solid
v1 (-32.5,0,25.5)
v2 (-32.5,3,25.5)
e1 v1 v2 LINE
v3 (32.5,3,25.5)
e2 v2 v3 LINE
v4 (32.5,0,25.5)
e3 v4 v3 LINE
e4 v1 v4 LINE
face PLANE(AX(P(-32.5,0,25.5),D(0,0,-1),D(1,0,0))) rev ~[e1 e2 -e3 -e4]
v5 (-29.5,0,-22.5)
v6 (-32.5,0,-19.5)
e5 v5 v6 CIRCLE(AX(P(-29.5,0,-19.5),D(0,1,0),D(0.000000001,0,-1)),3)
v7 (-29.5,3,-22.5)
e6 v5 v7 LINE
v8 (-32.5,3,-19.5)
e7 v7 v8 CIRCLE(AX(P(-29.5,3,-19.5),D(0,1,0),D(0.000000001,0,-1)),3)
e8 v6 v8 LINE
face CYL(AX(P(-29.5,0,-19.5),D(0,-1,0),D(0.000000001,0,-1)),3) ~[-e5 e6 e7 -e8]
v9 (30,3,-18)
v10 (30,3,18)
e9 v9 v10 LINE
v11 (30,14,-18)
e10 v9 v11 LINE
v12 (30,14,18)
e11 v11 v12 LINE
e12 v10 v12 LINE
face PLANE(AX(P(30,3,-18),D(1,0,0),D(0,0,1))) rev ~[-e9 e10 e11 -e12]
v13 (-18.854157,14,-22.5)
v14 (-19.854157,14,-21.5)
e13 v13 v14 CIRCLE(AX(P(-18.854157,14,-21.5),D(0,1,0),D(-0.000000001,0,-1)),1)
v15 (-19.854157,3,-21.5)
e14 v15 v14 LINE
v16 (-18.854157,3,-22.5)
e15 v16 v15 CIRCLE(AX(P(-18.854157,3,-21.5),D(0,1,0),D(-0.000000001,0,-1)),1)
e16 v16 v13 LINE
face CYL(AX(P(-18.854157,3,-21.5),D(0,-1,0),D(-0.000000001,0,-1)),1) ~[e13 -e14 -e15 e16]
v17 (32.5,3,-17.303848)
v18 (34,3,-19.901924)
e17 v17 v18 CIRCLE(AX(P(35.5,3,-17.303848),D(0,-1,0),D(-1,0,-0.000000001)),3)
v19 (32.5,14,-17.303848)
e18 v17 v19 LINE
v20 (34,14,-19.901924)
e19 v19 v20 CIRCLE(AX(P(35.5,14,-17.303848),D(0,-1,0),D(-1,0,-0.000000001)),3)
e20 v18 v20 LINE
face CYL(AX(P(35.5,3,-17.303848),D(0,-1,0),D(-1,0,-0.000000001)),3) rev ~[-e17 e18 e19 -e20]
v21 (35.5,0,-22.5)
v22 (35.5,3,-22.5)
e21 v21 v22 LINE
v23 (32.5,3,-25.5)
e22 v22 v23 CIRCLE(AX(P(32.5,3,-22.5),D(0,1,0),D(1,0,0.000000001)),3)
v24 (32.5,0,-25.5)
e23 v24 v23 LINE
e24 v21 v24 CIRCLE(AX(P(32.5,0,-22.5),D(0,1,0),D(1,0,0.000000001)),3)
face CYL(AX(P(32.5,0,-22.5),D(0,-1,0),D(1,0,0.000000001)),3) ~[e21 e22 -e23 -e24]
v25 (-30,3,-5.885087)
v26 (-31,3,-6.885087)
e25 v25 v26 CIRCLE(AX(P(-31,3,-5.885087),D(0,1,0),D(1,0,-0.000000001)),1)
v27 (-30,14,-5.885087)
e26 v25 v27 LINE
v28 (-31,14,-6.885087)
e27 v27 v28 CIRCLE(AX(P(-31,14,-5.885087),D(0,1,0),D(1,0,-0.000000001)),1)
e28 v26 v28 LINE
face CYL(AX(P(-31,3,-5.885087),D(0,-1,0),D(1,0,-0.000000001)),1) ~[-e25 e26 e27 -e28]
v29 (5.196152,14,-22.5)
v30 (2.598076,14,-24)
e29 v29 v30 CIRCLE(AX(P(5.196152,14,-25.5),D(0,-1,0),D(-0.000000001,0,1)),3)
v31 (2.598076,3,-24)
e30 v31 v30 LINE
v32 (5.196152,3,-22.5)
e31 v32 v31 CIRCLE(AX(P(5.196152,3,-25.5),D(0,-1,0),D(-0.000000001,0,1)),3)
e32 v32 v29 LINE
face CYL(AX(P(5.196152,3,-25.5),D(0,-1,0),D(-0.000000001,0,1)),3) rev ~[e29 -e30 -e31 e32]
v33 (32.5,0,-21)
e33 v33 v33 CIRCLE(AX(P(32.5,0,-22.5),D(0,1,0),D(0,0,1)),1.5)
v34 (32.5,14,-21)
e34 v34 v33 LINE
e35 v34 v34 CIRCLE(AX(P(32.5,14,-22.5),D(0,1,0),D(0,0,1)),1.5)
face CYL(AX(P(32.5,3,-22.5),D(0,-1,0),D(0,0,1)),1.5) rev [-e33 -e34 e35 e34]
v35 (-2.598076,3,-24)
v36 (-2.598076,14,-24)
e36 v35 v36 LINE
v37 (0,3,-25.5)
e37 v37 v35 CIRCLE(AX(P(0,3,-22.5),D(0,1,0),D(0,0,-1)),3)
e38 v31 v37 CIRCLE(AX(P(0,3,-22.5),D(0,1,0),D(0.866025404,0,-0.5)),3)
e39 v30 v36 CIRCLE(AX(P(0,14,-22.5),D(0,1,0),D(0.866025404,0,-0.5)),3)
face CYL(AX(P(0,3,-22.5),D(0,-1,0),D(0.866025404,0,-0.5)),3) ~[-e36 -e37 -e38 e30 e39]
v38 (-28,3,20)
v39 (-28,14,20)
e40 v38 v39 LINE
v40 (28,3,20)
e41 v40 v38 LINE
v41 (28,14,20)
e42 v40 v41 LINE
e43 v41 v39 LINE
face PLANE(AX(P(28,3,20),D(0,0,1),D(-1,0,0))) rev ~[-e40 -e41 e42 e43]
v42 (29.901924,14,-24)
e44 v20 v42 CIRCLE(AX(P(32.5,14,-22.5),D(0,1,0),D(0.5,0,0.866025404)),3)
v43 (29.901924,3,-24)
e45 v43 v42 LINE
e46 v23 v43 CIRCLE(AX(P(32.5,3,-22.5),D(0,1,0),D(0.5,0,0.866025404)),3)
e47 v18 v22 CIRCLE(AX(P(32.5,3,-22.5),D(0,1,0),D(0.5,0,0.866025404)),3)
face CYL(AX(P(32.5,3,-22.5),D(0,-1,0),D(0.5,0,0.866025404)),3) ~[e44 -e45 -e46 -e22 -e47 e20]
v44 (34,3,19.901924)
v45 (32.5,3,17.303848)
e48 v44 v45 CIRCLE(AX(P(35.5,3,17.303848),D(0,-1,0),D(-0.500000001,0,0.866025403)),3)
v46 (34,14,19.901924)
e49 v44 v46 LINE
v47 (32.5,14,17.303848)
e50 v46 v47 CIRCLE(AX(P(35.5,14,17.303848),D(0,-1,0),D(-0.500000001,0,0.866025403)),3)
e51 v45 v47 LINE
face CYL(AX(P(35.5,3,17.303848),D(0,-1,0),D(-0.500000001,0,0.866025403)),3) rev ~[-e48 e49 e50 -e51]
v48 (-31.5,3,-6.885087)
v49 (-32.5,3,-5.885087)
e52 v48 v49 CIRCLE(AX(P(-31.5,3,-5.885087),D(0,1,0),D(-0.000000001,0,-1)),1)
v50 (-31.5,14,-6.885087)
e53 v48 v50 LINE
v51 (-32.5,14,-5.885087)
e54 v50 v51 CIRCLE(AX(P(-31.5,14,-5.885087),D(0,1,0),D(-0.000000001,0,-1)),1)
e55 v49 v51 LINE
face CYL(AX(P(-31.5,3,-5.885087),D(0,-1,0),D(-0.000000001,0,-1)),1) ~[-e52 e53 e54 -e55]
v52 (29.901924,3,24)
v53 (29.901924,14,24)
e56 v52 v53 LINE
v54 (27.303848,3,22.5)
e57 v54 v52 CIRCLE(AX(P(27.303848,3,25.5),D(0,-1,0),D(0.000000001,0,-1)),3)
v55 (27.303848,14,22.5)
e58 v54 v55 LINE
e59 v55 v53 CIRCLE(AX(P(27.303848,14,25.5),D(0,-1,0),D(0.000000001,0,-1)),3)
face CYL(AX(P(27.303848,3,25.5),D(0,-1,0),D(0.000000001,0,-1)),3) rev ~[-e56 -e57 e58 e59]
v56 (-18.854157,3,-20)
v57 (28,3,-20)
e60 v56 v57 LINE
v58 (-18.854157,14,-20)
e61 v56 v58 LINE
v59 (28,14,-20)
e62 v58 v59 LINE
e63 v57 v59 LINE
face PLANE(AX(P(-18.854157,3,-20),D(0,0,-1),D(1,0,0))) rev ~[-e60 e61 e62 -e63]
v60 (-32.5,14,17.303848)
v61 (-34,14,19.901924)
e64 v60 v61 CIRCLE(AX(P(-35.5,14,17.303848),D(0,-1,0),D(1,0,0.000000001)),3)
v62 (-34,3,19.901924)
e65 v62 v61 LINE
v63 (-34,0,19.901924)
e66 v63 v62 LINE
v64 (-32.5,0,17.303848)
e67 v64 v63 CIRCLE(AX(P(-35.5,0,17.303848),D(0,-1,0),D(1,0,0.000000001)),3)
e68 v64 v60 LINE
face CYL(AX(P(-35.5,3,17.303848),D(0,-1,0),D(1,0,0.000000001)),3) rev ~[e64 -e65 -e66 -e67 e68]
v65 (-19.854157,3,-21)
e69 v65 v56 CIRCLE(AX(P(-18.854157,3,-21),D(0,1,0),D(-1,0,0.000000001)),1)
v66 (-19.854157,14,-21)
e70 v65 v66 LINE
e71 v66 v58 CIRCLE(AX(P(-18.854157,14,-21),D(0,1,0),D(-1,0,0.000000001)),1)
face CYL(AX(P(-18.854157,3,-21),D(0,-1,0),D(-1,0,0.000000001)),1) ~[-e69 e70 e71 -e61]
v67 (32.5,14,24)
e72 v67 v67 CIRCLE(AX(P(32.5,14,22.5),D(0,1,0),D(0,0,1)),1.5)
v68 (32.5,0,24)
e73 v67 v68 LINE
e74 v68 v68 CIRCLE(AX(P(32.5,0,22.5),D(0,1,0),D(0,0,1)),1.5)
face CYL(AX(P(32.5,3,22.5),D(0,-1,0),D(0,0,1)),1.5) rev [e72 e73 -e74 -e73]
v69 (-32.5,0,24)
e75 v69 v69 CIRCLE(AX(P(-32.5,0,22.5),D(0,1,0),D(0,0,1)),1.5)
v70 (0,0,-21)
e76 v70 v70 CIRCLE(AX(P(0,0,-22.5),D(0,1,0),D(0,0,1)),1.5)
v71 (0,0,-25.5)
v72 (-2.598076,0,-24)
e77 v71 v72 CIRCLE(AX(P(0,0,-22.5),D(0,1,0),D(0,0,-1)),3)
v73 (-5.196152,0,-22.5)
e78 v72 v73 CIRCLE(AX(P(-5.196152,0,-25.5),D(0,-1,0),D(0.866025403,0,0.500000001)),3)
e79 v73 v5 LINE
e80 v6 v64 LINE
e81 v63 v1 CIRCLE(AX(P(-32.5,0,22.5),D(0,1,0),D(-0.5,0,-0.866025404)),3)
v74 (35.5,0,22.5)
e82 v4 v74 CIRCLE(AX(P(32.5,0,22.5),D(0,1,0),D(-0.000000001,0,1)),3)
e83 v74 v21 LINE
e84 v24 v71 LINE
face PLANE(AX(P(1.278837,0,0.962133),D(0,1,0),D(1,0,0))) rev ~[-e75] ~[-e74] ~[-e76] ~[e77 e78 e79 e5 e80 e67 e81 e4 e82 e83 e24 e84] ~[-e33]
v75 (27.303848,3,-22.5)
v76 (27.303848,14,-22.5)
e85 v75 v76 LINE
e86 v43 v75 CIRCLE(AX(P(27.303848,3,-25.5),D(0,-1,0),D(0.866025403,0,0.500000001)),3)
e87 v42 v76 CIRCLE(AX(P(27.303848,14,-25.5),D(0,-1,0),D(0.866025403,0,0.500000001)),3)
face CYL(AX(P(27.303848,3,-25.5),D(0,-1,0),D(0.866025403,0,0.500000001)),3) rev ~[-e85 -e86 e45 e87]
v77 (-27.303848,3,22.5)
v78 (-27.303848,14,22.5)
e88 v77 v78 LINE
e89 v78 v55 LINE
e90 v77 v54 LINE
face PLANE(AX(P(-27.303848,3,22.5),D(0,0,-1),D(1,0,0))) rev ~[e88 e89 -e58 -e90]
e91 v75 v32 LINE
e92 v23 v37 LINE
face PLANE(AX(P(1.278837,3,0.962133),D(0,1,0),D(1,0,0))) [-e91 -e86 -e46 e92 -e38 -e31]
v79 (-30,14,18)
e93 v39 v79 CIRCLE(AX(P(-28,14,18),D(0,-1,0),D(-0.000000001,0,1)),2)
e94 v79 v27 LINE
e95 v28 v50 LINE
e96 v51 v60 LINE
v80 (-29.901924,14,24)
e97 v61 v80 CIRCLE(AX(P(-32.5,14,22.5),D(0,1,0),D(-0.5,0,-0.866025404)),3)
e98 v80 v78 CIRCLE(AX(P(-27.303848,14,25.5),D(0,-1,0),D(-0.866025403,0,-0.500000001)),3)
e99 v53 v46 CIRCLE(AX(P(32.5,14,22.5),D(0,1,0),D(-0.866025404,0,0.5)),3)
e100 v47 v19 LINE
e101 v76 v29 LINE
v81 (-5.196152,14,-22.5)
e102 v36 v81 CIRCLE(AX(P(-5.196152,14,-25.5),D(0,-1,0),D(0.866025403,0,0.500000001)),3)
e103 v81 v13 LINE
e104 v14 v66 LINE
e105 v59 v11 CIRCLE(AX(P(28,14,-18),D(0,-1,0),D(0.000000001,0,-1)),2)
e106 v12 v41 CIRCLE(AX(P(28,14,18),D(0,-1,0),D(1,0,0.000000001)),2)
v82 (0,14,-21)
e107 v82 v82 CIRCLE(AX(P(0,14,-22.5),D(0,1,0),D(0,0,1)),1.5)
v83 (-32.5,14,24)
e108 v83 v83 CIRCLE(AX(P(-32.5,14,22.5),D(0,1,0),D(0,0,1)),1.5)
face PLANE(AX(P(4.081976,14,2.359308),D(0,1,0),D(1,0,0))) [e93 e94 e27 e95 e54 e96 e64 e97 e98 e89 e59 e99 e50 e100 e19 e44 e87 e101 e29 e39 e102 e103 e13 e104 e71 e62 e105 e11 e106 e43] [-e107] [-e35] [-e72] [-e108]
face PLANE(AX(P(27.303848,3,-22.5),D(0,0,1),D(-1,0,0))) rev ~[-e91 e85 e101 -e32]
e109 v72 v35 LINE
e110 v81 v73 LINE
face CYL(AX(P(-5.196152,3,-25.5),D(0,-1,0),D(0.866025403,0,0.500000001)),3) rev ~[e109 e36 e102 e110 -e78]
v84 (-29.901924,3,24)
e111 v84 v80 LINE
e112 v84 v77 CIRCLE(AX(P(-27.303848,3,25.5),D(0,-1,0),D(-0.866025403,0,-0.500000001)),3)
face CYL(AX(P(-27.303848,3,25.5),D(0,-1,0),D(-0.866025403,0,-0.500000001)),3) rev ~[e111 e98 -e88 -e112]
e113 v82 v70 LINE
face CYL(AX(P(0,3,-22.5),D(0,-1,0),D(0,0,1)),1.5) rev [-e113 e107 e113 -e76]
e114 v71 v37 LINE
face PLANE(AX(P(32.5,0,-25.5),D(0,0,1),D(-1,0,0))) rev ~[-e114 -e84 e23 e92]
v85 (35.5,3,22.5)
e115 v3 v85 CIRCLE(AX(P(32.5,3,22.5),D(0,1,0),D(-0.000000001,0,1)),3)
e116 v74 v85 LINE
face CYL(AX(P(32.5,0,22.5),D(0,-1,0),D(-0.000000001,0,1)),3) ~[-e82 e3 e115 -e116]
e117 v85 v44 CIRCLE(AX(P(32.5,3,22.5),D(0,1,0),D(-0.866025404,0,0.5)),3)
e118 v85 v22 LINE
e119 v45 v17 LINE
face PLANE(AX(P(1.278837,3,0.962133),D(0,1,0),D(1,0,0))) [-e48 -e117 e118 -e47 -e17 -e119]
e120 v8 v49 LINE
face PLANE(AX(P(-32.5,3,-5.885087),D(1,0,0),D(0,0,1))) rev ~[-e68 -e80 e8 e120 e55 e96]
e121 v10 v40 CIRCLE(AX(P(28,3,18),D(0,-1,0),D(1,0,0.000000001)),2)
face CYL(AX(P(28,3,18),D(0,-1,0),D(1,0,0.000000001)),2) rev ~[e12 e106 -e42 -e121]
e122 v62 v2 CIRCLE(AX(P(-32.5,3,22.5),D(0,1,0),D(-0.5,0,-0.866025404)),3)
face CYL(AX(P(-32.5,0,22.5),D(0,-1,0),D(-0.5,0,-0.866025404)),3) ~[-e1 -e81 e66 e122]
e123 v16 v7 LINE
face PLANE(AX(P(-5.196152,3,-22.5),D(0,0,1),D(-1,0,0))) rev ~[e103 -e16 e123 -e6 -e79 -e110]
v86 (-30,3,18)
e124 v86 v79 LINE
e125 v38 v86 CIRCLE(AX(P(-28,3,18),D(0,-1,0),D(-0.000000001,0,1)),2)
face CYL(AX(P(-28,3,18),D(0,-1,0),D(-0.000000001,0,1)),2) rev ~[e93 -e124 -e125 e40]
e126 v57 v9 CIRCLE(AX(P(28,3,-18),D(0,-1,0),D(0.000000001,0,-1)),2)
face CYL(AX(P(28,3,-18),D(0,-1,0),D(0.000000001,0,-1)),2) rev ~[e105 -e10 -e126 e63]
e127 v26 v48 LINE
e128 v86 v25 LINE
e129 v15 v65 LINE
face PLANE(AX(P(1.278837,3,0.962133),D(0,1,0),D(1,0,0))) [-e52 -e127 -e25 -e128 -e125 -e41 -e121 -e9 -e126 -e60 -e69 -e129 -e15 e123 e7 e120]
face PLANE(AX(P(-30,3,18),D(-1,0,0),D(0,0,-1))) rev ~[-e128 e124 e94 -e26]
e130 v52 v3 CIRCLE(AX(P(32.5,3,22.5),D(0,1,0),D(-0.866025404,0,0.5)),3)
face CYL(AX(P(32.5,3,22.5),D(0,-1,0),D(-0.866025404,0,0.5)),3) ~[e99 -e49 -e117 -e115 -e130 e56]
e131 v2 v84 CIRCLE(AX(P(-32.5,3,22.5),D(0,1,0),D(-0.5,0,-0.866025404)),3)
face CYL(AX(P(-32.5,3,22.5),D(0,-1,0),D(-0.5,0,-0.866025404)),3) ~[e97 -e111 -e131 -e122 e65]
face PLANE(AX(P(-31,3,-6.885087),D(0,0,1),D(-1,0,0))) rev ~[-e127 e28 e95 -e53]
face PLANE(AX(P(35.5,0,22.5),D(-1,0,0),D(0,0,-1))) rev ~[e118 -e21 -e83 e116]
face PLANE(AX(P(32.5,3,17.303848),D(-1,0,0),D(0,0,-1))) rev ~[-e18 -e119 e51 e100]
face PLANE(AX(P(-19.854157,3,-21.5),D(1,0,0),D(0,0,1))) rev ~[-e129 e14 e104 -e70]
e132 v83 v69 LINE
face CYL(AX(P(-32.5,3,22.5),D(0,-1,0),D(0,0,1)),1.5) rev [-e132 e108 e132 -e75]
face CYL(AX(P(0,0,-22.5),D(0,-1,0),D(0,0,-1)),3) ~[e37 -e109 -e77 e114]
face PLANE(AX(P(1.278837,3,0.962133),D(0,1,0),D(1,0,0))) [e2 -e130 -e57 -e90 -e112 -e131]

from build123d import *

# Parameters (mm, degrees)
SKETCH5_R           = 1.5
BOSS_EXTRUDE2_DEPTH = 3
SKETCH6_R           = 1.5
BOSS_EXTRUDE3_DEPTH = 11


with BuildPart() as part:
    # Sketch5 → Boss-Extrude2 (new body)
    with BuildSketch(Plane(origin=(0, 0, 0), x_dir=(1, 0, 0), z_dir=(0, 1, 0))):
        with BuildLine():
            Line((-5.196152423, 22.5), (-29.5, 22.5))
            ThreePointArc((-29.5, 22.5), (-31.621320344, 21.621320344), (-32.5, 19.5))
            Line((-32.5, 19.5), (-32.5, -17.303847577))
            ThreePointArc((-32.5, -17.303847577), (-32.901923789, -18.803847577), (-34, -19.901923789))
            ThreePointArc((-34, -19.901923789), (-35.397777479, -23.276457135), (-32.5, -25.5))
            Line((-32.5, -25.5), (32.5, -25.5))
            ThreePointArc((32.5, -25.5), (34.621320344, -24.621320344), (35.5, -22.5))
            Line((35.5, -22.5), (35.5, 22.5))
            ThreePointArc((35.5, 22.5), (34.621320344, 24.621320344), (32.5, 25.5))
            Line((32.5, 25.5), (0, 25.5))
            ThreePointArc((0, 25.5), (-1.5, 25.098076211), (-2.598076211, 24))
            ThreePointArc((-2.598076211, 24), (-3.696152423, 22.901923789), (-5.196152423, 22.5))
        make_face()
        with Locations(Location((0, 22.5, 0), (0, 0, 270))):
            Circle(SKETCH5_R, mode=Mode.SUBTRACT)
        with Locations(Location((32.5, 22.5, 0), (0, 0, 270))):
            Circle(SKETCH5_R, mode=Mode.SUBTRACT)
        with Locations(Location((32.5, -22.5, 0), (0, 0, 270))):
            Circle(SKETCH5_R, mode=Mode.SUBTRACT)
        with Locations(Location((-32.5, -22.5, 0), (0, 0, 270))):
            Circle(SKETCH5_R, mode=Mode.SUBTRACT)
    extrude(amount=BOSS_EXTRUDE2_DEPTH)

    # Sketch6 → Boss-Extrude3 (add)
    with BuildSketch(Plane(origin=(0, 3, 0), x_dir=(1, 0, 0), z_dir=(0, 1, 0))):
        with BuildLine():
            Line((-32.5, 5.885087138), (-32.5, -17.303847577))
            ThreePointArc((-32.5, -17.303847577), (-32.901923789, -18.803847577), (-34, -19.901923789))
            ThreePointArc((-34, -19.901923789), (-34.621320344, -24.621320344), (-29.901923789, -24))
            ThreePointArc((-29.901923789, -24), (-28.803847577, -22.901923789), (-27.303847577, -22.5))
            Line((-27.303847577, -22.5), (27.303847577, -22.5))
            ThreePointArc((27.303847577, -22.5), (28.803847577, -22.901923789), (29.901923789, -24))
            ThreePointArc((29.901923789, -24), (34.621320344, -24.621320344), (34, -19.901923789))
            ThreePointArc((34, -19.901923789), (32.901923789, -18.803847577), (32.5, -17.303847577))
            Line((32.5, -17.303847577), (32.5, 17.303847577))
            ThreePointArc((32.5, 17.303847577), (32.901923789, 18.803847577), (34, 19.901923789))
            ThreePointArc((34, 19.901923789), (34.621320344, 24.621320344), (29.901923789, 24))
            ThreePointArc((29.901923789, 24), (28.803847577, 22.901923789), (27.303847577, 22.5))
            Line((27.303847577, 22.5), (5.196152423, 22.5))
            ThreePointArc((5.196152423, 22.5), (3.696152423, 22.901923789), (2.598076211, 24))
            ThreePointArc((2.598076211, 24), (0, 25.5), (-2.598076211, 24))
            ThreePointArc((-2.598076211, 24), (-3.696152423, 22.901923789), (-5.196152423, 22.5))
            Line((-5.196152423, 22.5), (-18.854157071, 22.5))
            ThreePointArc((-18.854157071, 22.5), (-19.561263852, 22.207106781), (-19.854157071, 21.5))
            Line((-19.854157071, 21.5), (-19.854157071, 21))
            ThreePointArc((-19.854157071, 21), (-19.561263852, 20.292893219), (-18.854157071, 20))
            Line((-18.854157071, 20), (28, 20))
            ThreePointArc((28, 20), (29.414213562, 19.414213562), (30, 18))
            Line((30, 18), (30, -18))
            ThreePointArc((30, -18), (29.414213562, -19.414213562), (28, -20))
            Line((28, -20), (-28, -20))
            ThreePointArc((-28, -20), (-29.414213562, -19.414213562), (-30, -18))
            Line((-30, -18), (-30, 5.885087138))
            ThreePointArc((-30, 5.885087138), (-30.292893219, 6.592193919), (-31, 6.885087138))
            Line((-31, 6.885087138), (-31.5, 6.885087138))
            ThreePointArc((-31.5, 6.885087138), (-32.207106781, 6.592193919), (-32.5, 5.885087138))
        make_face()
        with Locations(Location((0, 22.5, 0), (0, 0, 270))):
            Circle(SKETCH6_R, mode=Mode.SUBTRACT)
        with Locations(Location((32.5, 22.5, 0), (0, 0, 270))):
            Circle(SKETCH6_R, mode=Mode.SUBTRACT)
        with Locations(Location((32.5, -22.5, 0), (0, 0, 270))):
            Circle(SKETCH6_R, mode=Mode.SUBTRACT)
        with Locations(Location((-32.5, -22.5, 0), (0, 0, 270))):
            Circle(SKETCH6_R, mode=Mode.SUBTRACT)
    extrude(amount=BOSS_EXTRUDE3_DEPTH)


solid = part.part
